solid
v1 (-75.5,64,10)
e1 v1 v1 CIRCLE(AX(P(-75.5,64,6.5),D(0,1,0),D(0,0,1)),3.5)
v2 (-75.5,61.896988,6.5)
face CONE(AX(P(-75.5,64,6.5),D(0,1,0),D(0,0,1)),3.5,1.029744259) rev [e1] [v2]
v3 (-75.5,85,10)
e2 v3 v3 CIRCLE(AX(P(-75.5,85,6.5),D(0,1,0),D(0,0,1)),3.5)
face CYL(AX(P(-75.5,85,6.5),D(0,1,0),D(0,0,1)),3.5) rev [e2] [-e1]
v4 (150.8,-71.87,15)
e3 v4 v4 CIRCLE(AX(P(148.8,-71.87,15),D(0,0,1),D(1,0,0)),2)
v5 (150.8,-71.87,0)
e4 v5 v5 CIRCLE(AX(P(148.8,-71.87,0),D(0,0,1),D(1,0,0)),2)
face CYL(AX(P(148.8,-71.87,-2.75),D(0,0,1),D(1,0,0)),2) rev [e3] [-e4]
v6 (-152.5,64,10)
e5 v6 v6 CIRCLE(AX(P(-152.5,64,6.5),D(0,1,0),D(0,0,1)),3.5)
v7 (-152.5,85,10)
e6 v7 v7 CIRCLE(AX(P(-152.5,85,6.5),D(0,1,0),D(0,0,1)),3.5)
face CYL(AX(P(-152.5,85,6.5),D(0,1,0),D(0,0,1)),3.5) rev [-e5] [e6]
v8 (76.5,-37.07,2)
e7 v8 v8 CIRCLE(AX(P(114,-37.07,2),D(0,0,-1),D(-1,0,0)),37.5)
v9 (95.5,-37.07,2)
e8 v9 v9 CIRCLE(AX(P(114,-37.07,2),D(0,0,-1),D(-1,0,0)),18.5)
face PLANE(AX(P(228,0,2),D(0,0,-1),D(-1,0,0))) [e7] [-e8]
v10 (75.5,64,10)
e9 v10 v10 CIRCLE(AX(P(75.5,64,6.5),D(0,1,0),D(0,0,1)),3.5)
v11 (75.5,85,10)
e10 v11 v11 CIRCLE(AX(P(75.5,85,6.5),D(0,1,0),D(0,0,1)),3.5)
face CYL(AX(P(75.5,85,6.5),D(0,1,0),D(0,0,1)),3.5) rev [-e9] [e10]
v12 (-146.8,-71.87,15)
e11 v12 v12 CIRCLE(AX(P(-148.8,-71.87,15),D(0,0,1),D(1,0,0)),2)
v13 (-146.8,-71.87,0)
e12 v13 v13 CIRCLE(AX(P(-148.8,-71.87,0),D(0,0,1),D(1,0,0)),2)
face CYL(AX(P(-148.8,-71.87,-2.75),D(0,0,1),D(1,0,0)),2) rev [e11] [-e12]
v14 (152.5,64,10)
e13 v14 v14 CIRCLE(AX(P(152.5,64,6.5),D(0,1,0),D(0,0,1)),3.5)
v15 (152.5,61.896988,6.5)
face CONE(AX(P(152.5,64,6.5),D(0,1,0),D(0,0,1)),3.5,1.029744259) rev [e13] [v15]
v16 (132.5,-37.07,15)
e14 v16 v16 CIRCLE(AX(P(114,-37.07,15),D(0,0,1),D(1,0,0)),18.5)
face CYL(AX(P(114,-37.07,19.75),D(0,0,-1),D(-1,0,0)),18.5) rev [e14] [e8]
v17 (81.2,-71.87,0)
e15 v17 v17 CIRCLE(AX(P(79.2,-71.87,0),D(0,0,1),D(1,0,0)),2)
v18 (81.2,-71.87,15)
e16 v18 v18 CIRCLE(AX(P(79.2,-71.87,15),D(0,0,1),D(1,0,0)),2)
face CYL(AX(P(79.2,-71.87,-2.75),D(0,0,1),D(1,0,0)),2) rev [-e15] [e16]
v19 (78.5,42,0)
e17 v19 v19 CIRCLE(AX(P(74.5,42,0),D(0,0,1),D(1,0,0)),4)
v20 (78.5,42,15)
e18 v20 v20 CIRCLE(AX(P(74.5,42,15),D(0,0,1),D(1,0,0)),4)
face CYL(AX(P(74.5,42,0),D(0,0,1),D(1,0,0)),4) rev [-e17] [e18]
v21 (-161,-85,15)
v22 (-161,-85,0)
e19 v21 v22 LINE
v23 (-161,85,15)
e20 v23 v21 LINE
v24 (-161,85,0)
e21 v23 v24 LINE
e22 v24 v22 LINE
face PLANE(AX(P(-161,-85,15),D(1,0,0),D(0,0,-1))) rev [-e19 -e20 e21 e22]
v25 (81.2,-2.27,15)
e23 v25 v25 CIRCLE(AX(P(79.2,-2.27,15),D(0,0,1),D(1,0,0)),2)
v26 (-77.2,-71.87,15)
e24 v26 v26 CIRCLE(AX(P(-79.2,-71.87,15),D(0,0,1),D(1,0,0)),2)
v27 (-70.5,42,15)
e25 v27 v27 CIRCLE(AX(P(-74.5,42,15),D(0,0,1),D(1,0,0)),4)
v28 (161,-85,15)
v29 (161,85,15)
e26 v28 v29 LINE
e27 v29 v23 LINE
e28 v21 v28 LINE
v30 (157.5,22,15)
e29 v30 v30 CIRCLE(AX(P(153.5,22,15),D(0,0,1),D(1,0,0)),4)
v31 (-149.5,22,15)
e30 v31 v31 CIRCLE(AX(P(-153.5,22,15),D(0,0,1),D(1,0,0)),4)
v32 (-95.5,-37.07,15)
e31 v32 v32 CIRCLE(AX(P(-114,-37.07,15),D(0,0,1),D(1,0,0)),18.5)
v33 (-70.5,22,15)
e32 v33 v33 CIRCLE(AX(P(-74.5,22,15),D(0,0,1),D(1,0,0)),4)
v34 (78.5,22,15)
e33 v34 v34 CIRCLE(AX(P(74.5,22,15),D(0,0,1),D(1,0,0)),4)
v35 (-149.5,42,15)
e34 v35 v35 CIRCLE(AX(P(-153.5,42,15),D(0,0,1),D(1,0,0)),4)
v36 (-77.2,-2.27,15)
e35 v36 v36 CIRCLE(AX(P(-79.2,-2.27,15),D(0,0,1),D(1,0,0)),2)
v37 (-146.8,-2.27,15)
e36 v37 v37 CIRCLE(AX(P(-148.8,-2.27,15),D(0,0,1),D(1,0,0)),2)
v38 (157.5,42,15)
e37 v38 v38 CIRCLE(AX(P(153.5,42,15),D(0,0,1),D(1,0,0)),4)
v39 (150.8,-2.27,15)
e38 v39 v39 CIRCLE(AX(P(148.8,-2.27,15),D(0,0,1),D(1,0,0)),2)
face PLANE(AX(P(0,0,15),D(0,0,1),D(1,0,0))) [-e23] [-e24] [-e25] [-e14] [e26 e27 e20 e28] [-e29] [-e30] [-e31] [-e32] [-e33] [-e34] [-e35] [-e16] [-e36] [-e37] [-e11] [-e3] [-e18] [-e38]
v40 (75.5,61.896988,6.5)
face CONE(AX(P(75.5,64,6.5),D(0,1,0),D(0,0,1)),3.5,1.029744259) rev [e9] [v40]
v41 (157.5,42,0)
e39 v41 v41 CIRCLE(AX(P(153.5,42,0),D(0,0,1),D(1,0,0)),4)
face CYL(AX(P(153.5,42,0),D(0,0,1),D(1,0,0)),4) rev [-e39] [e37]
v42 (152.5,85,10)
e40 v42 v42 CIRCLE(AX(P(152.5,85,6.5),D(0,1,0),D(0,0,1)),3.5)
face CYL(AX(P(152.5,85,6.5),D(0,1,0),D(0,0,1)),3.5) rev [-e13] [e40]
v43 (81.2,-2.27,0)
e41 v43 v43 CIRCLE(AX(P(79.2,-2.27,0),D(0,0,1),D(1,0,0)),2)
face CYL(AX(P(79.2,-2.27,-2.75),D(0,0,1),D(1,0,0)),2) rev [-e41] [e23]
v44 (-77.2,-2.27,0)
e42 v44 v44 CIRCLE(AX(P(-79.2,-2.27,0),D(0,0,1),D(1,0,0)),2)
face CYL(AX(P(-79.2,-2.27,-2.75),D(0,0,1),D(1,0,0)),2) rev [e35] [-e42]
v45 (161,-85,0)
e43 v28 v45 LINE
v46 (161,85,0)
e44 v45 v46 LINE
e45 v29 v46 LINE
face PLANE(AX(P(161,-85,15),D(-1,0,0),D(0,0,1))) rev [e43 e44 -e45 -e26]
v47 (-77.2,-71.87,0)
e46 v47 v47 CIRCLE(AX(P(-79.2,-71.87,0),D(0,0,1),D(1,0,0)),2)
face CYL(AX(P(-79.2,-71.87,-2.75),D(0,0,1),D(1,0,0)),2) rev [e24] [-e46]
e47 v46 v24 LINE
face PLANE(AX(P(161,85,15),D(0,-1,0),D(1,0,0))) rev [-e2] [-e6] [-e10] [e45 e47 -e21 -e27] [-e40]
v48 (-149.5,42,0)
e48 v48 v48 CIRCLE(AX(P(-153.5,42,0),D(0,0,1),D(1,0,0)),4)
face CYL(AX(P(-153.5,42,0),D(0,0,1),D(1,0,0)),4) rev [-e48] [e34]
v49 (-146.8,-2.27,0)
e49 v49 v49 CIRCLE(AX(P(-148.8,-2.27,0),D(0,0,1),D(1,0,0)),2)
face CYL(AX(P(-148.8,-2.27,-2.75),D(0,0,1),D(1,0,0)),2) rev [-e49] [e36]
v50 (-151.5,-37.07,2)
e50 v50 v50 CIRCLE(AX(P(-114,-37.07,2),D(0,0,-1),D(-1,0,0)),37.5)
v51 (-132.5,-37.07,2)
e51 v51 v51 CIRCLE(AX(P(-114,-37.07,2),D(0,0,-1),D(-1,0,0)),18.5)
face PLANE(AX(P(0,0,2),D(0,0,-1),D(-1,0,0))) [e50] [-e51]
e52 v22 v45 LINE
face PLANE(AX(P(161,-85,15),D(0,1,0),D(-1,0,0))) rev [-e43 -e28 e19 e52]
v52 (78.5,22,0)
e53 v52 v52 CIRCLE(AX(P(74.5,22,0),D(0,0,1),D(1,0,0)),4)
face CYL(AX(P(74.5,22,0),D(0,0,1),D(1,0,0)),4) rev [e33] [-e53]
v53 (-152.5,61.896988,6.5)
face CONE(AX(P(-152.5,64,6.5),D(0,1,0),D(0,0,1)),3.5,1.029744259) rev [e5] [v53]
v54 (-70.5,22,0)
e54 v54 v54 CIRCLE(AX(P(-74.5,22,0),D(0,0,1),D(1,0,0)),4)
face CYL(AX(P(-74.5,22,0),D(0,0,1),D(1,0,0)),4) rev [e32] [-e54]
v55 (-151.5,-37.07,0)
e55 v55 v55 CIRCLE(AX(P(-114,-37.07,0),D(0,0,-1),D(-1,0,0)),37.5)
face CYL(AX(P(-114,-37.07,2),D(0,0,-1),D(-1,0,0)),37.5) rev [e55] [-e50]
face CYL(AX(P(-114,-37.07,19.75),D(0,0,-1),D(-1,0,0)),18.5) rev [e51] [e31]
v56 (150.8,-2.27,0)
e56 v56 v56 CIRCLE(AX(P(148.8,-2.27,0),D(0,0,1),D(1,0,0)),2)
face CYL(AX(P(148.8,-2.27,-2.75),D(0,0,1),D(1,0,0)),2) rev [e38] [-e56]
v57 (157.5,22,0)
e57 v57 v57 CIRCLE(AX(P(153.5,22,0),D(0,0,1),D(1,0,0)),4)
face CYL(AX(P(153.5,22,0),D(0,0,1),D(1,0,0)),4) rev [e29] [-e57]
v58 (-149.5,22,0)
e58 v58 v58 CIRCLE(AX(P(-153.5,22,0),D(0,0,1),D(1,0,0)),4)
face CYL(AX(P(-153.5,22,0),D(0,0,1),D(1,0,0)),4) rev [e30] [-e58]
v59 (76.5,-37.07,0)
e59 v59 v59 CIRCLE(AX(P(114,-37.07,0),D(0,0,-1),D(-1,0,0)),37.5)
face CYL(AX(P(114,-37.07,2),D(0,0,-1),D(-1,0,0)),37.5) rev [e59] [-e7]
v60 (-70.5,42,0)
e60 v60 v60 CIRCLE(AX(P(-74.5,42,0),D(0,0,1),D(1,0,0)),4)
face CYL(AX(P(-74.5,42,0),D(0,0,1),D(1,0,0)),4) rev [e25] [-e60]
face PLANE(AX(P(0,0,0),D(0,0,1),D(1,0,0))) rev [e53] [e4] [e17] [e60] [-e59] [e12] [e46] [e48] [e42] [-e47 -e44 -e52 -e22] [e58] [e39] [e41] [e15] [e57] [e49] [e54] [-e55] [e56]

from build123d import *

# Parameters (mm, degrees)
SZKIC1_W                       = 322
SZKIC1_H                       = 170
DODANIE_WYCI_GNI_CIE1_DEPTH    = 15
SZKIC2_R                       = 2
WYTNIJ_WYCI_GNI_CIE2_DEPTH     = 17.75
SZYK_LINIOWY1_COUNT            = 2
SZYK_LINIOWY1_PITCH            = 69.6
SZYK_LINIOWY1_COUNT_DIR2       = 2
SZYK_LINIOWY1_PITCH_DIR2       = 69.6
SZKIC5_R                       = 37.5
WYTNIJ_WYCI_GNI_CIE3_DEPTH     = 2
SZKIC7_R                       = 18.5
WYTNIJ_WYCI_GNI_CIE4_DEPTH     = 17.75
SZKIC10_R                      = 4
WYTNIJ_WYCI_GNI_CIE7_DEPTH     = 183.677311125
SZYK_LINIOWY3_COUNT            = 2
SZYK_LINIOWY3_PITCH            = 79
SZYK_LINIOWY2_COUNT            = 2
SZYK_LINIOWY2_PITCH            = 228
SZYK_LINIOWY2_COPY_1_SKETCH_R  = 2
SZYK_LINIOWY2_COPY_1_DEPTH     = 17.75
SZYK_LINIOWY2_COPY_2_SKETCH_R  = 2
SZYK_LINIOWY2_COPY_2_DEPTH     = 17.75
SZYK_LINIOWY2_COPY_3_SKETCH_R  = 2
SZYK_LINIOWY2_COPY_3_DEPTH     = 17.75
SZYK_LINIOWY2_COPY_4_SKETCH_R  = 4
SZYK_LINIOWY2_COPY_4_DEPTH     = 183.677311125
SZYK_LINIOWY2_COPY_5_SKETCH_R  = 4
SZYK_LINIOWY2_COPY_5_DEPTH     = 183.677311125
OTW_R_GWINTOWANY_M8X1_01_D     = 7
OTW_R_GWINTOWANY_M8X1_01_DEPTH = 21
OTW_R_GWINTOWANY_M8X1_01_TIP   = 2.103012167


with BuildPart() as part:
    # Szkic1 → Dodanie-wyciągnięcie1 (new body)
    with BuildSketch(Plane.XY):
        Rectangle(SZKIC1_W, SZKIC1_H)
    extrude(amount=DODANIE_WYCI_GNI_CIE1_DEPTH)

    # Szkic2 → Wytnij-wyciągnięcie2 (cut)
    with BuildSketch(Plane.XY.offset(15)):
        with Locations((-148.8, -71.87)):
            Circle(SZKIC2_R)
    wytnij_wyci_gni_cie2 = extrude(amount=-WYTNIJ_WYCI_GNI_CIE2_DEPTH, mode=Mode.SUBTRACT)

    # Szyk liniowy1: Wytnij-wyci_gni_cie2 2 × 2
    with Locations(*[(i * SZYK_LINIOWY1_PITCH, j * SZYK_LINIOWY1_PITCH_DIR2, 0) for i in range(SZYK_LINIOWY1_COUNT) for j in range(SZYK_LINIOWY1_COUNT_DIR2) if (i, j) != (0, 0)]):
        add(wytnij_wyci_gni_cie2, mode=Mode.SUBTRACT)

    # Szkic5 → Wytnij-wyciągnięcie3 (cut)
    with BuildSketch(Plane(origin=(0, 0, 0), x_dir=(-1, 0, 0), z_dir=(0, 0, -1))):
        with Locations((114, -37.07)):
            Circle(SZKIC5_R)
    wytnij_wyci_gni_cie3 = extrude(amount=-WYTNIJ_WYCI_GNI_CIE3_DEPTH, mode=Mode.SUBTRACT)

    # Szkic7 → Wytnij-wyciągnięcie4 (cut)
    with BuildSketch(Plane(origin=(0, 0, 2), x_dir=(-1, 0, 0), z_dir=(0, 0, -1))):
        with Locations((114, -37.07)):
            Circle(SZKIC7_R)
    wytnij_wyci_gni_cie4 = extrude(amount=-WYTNIJ_WYCI_GNI_CIE4_DEPTH, mode=Mode.SUBTRACT)

    # Szkic10 → Wytnij-wyciągnięcie7 (cut, through all)
    with BuildSketch(Plane.XY.offset(15)):
        with Locations((-153.5, 42)):
            Circle(SZKIC10_R)
        with Locations((-153.5, 22)):
            Circle(SZKIC10_R)
    wytnij_wyci_gni_cie7 = extrude(amount=-WYTNIJ_WYCI_GNI_CIE7_DEPTH, mode=Mode.SUBTRACT)

    # Szyk liniowy3: Wytnij-wyciągnięcie7 ×2
    with Locations(*[(i * SZYK_LINIOWY3_PITCH, 0, 0) for i in range(1, SZYK_LINIOWY3_COUNT)]):
        add(wytnij_wyci_gni_cie7, mode=Mode.SUBTRACT)

    # Szyk liniowy2: Wytnij-wyciągnięcie2, Wytnij-wyciągnięcie3, Wytnij-wyciągnięcie4 ×2
    with Locations(*[(i * SZYK_LINIOWY2_PITCH, 0, 0) for i in range(1, SZYK_LINIOWY2_COUNT)]):
        add(wytnij_wyci_gni_cie2, mode=Mode.SUBTRACT)
        add(wytnij_wyci_gni_cie3, mode=Mode.SUBTRACT)
        add(wytnij_wyci_gni_cie4, mode=Mode.SUBTRACT)

    # Szyk liniowy2 copy 1 sketch → Szyk liniowy2 copy 1 (cut)
    with BuildSketch(Plane(origin=(228, 69.6, 15), x_dir=(1, 0, 0), z_dir=(0, 0, 1))):
        with Locations((-148.8, -71.87)):
            Circle(SZYK_LINIOWY2_COPY_1_SKETCH_R)
    extrude(amount=-SZYK_LINIOWY2_COPY_1_DEPTH, mode=Mode.SUBTRACT)

    # Szyk liniowy2 copy 2 sketch → Szyk liniowy2 copy 2 (cut)
    with BuildSketch(Plane(origin=(297.6, 0, 15), x_dir=(1, 0, 0), z_dir=(0, 0, 1))):
        with Locations((-148.8, -71.87)):
            Circle(SZYK_LINIOWY2_COPY_2_SKETCH_R)
    extrude(amount=-SZYK_LINIOWY2_COPY_2_DEPTH, mode=Mode.SUBTRACT)

    # Szyk liniowy2 copy 3 sketch → Szyk liniowy2 copy 3 (cut)
    with BuildSketch(Plane(origin=(297.6, 69.6, 15), x_dir=(1, 0, 0), z_dir=(0, 0, 1))):
        with Locations((-148.8, -71.87)):
            Circle(SZYK_LINIOWY2_COPY_3_SKETCH_R)
    extrude(amount=-SZYK_LINIOWY2_COPY_3_DEPTH, mode=Mode.SUBTRACT)

    # Szyk liniowy2 copy 4 sketch → Szyk liniowy2 copy 4 (cut, through all)
    with BuildSketch(Plane(origin=(307, 0, 15), x_dir=(1, 0, 0), z_dir=(0, 0, 1))):
        with Locations((-153.5, 42)):
            Circle(SZYK_LINIOWY2_COPY_4_SKETCH_R)
        with Locations((-153.5, 22)):
            Circle(SZYK_LINIOWY2_COPY_4_SKETCH_R)
    extrude(amount=-SZYK_LINIOWY2_COPY_4_DEPTH, mode=Mode.SUBTRACT)

    # Szyk liniowy2 copy 5 sketch → Szyk liniowy2 copy 5 (cut, through all)
    with BuildSketch(Plane(origin=(228, 0, 15), x_dir=(1, 0, 0), z_dir=(0, 0, 1))):
        with Locations((-153.5, 42)):
            Circle(SZYK_LINIOWY2_COPY_5_SKETCH_R)
        with Locations((-153.5, 22)):
            Circle(SZYK_LINIOWY2_COPY_5_SKETCH_R)
    extrude(amount=-SZYK_LINIOWY2_COPY_5_DEPTH, mode=Mode.SUBTRACT)

    # Otwór gwintowany M8x1.01
    with Locations(Plane(origin=(0, 85, 0), x_dir=(1, 0, 0), z_dir=(0, 1, 0))):
        with Locations((-152.5, -6.5), (-75.5, -6.5), (75.5, -6.5), (152.5, -6.5)):
            Hole(OTW_R_GWINTOWANY_M8X1_01_D / 2, depth=OTW_R_GWINTOWANY_M8X1_01_DEPTH)
            with Locations((0, 0, -(OTW_R_GWINTOWANY_M8X1_01_DEPTH + OTW_R_GWINTOWANY_M8X1_01_TIP / 2))):  # 118° drill point
                Cone(0, OTW_R_GWINTOWANY_M8X1_01_D / 2, OTW_R_GWINTOWANY_M8X1_01_TIP, mode=Mode.SUBTRACT)


solid = part.part
